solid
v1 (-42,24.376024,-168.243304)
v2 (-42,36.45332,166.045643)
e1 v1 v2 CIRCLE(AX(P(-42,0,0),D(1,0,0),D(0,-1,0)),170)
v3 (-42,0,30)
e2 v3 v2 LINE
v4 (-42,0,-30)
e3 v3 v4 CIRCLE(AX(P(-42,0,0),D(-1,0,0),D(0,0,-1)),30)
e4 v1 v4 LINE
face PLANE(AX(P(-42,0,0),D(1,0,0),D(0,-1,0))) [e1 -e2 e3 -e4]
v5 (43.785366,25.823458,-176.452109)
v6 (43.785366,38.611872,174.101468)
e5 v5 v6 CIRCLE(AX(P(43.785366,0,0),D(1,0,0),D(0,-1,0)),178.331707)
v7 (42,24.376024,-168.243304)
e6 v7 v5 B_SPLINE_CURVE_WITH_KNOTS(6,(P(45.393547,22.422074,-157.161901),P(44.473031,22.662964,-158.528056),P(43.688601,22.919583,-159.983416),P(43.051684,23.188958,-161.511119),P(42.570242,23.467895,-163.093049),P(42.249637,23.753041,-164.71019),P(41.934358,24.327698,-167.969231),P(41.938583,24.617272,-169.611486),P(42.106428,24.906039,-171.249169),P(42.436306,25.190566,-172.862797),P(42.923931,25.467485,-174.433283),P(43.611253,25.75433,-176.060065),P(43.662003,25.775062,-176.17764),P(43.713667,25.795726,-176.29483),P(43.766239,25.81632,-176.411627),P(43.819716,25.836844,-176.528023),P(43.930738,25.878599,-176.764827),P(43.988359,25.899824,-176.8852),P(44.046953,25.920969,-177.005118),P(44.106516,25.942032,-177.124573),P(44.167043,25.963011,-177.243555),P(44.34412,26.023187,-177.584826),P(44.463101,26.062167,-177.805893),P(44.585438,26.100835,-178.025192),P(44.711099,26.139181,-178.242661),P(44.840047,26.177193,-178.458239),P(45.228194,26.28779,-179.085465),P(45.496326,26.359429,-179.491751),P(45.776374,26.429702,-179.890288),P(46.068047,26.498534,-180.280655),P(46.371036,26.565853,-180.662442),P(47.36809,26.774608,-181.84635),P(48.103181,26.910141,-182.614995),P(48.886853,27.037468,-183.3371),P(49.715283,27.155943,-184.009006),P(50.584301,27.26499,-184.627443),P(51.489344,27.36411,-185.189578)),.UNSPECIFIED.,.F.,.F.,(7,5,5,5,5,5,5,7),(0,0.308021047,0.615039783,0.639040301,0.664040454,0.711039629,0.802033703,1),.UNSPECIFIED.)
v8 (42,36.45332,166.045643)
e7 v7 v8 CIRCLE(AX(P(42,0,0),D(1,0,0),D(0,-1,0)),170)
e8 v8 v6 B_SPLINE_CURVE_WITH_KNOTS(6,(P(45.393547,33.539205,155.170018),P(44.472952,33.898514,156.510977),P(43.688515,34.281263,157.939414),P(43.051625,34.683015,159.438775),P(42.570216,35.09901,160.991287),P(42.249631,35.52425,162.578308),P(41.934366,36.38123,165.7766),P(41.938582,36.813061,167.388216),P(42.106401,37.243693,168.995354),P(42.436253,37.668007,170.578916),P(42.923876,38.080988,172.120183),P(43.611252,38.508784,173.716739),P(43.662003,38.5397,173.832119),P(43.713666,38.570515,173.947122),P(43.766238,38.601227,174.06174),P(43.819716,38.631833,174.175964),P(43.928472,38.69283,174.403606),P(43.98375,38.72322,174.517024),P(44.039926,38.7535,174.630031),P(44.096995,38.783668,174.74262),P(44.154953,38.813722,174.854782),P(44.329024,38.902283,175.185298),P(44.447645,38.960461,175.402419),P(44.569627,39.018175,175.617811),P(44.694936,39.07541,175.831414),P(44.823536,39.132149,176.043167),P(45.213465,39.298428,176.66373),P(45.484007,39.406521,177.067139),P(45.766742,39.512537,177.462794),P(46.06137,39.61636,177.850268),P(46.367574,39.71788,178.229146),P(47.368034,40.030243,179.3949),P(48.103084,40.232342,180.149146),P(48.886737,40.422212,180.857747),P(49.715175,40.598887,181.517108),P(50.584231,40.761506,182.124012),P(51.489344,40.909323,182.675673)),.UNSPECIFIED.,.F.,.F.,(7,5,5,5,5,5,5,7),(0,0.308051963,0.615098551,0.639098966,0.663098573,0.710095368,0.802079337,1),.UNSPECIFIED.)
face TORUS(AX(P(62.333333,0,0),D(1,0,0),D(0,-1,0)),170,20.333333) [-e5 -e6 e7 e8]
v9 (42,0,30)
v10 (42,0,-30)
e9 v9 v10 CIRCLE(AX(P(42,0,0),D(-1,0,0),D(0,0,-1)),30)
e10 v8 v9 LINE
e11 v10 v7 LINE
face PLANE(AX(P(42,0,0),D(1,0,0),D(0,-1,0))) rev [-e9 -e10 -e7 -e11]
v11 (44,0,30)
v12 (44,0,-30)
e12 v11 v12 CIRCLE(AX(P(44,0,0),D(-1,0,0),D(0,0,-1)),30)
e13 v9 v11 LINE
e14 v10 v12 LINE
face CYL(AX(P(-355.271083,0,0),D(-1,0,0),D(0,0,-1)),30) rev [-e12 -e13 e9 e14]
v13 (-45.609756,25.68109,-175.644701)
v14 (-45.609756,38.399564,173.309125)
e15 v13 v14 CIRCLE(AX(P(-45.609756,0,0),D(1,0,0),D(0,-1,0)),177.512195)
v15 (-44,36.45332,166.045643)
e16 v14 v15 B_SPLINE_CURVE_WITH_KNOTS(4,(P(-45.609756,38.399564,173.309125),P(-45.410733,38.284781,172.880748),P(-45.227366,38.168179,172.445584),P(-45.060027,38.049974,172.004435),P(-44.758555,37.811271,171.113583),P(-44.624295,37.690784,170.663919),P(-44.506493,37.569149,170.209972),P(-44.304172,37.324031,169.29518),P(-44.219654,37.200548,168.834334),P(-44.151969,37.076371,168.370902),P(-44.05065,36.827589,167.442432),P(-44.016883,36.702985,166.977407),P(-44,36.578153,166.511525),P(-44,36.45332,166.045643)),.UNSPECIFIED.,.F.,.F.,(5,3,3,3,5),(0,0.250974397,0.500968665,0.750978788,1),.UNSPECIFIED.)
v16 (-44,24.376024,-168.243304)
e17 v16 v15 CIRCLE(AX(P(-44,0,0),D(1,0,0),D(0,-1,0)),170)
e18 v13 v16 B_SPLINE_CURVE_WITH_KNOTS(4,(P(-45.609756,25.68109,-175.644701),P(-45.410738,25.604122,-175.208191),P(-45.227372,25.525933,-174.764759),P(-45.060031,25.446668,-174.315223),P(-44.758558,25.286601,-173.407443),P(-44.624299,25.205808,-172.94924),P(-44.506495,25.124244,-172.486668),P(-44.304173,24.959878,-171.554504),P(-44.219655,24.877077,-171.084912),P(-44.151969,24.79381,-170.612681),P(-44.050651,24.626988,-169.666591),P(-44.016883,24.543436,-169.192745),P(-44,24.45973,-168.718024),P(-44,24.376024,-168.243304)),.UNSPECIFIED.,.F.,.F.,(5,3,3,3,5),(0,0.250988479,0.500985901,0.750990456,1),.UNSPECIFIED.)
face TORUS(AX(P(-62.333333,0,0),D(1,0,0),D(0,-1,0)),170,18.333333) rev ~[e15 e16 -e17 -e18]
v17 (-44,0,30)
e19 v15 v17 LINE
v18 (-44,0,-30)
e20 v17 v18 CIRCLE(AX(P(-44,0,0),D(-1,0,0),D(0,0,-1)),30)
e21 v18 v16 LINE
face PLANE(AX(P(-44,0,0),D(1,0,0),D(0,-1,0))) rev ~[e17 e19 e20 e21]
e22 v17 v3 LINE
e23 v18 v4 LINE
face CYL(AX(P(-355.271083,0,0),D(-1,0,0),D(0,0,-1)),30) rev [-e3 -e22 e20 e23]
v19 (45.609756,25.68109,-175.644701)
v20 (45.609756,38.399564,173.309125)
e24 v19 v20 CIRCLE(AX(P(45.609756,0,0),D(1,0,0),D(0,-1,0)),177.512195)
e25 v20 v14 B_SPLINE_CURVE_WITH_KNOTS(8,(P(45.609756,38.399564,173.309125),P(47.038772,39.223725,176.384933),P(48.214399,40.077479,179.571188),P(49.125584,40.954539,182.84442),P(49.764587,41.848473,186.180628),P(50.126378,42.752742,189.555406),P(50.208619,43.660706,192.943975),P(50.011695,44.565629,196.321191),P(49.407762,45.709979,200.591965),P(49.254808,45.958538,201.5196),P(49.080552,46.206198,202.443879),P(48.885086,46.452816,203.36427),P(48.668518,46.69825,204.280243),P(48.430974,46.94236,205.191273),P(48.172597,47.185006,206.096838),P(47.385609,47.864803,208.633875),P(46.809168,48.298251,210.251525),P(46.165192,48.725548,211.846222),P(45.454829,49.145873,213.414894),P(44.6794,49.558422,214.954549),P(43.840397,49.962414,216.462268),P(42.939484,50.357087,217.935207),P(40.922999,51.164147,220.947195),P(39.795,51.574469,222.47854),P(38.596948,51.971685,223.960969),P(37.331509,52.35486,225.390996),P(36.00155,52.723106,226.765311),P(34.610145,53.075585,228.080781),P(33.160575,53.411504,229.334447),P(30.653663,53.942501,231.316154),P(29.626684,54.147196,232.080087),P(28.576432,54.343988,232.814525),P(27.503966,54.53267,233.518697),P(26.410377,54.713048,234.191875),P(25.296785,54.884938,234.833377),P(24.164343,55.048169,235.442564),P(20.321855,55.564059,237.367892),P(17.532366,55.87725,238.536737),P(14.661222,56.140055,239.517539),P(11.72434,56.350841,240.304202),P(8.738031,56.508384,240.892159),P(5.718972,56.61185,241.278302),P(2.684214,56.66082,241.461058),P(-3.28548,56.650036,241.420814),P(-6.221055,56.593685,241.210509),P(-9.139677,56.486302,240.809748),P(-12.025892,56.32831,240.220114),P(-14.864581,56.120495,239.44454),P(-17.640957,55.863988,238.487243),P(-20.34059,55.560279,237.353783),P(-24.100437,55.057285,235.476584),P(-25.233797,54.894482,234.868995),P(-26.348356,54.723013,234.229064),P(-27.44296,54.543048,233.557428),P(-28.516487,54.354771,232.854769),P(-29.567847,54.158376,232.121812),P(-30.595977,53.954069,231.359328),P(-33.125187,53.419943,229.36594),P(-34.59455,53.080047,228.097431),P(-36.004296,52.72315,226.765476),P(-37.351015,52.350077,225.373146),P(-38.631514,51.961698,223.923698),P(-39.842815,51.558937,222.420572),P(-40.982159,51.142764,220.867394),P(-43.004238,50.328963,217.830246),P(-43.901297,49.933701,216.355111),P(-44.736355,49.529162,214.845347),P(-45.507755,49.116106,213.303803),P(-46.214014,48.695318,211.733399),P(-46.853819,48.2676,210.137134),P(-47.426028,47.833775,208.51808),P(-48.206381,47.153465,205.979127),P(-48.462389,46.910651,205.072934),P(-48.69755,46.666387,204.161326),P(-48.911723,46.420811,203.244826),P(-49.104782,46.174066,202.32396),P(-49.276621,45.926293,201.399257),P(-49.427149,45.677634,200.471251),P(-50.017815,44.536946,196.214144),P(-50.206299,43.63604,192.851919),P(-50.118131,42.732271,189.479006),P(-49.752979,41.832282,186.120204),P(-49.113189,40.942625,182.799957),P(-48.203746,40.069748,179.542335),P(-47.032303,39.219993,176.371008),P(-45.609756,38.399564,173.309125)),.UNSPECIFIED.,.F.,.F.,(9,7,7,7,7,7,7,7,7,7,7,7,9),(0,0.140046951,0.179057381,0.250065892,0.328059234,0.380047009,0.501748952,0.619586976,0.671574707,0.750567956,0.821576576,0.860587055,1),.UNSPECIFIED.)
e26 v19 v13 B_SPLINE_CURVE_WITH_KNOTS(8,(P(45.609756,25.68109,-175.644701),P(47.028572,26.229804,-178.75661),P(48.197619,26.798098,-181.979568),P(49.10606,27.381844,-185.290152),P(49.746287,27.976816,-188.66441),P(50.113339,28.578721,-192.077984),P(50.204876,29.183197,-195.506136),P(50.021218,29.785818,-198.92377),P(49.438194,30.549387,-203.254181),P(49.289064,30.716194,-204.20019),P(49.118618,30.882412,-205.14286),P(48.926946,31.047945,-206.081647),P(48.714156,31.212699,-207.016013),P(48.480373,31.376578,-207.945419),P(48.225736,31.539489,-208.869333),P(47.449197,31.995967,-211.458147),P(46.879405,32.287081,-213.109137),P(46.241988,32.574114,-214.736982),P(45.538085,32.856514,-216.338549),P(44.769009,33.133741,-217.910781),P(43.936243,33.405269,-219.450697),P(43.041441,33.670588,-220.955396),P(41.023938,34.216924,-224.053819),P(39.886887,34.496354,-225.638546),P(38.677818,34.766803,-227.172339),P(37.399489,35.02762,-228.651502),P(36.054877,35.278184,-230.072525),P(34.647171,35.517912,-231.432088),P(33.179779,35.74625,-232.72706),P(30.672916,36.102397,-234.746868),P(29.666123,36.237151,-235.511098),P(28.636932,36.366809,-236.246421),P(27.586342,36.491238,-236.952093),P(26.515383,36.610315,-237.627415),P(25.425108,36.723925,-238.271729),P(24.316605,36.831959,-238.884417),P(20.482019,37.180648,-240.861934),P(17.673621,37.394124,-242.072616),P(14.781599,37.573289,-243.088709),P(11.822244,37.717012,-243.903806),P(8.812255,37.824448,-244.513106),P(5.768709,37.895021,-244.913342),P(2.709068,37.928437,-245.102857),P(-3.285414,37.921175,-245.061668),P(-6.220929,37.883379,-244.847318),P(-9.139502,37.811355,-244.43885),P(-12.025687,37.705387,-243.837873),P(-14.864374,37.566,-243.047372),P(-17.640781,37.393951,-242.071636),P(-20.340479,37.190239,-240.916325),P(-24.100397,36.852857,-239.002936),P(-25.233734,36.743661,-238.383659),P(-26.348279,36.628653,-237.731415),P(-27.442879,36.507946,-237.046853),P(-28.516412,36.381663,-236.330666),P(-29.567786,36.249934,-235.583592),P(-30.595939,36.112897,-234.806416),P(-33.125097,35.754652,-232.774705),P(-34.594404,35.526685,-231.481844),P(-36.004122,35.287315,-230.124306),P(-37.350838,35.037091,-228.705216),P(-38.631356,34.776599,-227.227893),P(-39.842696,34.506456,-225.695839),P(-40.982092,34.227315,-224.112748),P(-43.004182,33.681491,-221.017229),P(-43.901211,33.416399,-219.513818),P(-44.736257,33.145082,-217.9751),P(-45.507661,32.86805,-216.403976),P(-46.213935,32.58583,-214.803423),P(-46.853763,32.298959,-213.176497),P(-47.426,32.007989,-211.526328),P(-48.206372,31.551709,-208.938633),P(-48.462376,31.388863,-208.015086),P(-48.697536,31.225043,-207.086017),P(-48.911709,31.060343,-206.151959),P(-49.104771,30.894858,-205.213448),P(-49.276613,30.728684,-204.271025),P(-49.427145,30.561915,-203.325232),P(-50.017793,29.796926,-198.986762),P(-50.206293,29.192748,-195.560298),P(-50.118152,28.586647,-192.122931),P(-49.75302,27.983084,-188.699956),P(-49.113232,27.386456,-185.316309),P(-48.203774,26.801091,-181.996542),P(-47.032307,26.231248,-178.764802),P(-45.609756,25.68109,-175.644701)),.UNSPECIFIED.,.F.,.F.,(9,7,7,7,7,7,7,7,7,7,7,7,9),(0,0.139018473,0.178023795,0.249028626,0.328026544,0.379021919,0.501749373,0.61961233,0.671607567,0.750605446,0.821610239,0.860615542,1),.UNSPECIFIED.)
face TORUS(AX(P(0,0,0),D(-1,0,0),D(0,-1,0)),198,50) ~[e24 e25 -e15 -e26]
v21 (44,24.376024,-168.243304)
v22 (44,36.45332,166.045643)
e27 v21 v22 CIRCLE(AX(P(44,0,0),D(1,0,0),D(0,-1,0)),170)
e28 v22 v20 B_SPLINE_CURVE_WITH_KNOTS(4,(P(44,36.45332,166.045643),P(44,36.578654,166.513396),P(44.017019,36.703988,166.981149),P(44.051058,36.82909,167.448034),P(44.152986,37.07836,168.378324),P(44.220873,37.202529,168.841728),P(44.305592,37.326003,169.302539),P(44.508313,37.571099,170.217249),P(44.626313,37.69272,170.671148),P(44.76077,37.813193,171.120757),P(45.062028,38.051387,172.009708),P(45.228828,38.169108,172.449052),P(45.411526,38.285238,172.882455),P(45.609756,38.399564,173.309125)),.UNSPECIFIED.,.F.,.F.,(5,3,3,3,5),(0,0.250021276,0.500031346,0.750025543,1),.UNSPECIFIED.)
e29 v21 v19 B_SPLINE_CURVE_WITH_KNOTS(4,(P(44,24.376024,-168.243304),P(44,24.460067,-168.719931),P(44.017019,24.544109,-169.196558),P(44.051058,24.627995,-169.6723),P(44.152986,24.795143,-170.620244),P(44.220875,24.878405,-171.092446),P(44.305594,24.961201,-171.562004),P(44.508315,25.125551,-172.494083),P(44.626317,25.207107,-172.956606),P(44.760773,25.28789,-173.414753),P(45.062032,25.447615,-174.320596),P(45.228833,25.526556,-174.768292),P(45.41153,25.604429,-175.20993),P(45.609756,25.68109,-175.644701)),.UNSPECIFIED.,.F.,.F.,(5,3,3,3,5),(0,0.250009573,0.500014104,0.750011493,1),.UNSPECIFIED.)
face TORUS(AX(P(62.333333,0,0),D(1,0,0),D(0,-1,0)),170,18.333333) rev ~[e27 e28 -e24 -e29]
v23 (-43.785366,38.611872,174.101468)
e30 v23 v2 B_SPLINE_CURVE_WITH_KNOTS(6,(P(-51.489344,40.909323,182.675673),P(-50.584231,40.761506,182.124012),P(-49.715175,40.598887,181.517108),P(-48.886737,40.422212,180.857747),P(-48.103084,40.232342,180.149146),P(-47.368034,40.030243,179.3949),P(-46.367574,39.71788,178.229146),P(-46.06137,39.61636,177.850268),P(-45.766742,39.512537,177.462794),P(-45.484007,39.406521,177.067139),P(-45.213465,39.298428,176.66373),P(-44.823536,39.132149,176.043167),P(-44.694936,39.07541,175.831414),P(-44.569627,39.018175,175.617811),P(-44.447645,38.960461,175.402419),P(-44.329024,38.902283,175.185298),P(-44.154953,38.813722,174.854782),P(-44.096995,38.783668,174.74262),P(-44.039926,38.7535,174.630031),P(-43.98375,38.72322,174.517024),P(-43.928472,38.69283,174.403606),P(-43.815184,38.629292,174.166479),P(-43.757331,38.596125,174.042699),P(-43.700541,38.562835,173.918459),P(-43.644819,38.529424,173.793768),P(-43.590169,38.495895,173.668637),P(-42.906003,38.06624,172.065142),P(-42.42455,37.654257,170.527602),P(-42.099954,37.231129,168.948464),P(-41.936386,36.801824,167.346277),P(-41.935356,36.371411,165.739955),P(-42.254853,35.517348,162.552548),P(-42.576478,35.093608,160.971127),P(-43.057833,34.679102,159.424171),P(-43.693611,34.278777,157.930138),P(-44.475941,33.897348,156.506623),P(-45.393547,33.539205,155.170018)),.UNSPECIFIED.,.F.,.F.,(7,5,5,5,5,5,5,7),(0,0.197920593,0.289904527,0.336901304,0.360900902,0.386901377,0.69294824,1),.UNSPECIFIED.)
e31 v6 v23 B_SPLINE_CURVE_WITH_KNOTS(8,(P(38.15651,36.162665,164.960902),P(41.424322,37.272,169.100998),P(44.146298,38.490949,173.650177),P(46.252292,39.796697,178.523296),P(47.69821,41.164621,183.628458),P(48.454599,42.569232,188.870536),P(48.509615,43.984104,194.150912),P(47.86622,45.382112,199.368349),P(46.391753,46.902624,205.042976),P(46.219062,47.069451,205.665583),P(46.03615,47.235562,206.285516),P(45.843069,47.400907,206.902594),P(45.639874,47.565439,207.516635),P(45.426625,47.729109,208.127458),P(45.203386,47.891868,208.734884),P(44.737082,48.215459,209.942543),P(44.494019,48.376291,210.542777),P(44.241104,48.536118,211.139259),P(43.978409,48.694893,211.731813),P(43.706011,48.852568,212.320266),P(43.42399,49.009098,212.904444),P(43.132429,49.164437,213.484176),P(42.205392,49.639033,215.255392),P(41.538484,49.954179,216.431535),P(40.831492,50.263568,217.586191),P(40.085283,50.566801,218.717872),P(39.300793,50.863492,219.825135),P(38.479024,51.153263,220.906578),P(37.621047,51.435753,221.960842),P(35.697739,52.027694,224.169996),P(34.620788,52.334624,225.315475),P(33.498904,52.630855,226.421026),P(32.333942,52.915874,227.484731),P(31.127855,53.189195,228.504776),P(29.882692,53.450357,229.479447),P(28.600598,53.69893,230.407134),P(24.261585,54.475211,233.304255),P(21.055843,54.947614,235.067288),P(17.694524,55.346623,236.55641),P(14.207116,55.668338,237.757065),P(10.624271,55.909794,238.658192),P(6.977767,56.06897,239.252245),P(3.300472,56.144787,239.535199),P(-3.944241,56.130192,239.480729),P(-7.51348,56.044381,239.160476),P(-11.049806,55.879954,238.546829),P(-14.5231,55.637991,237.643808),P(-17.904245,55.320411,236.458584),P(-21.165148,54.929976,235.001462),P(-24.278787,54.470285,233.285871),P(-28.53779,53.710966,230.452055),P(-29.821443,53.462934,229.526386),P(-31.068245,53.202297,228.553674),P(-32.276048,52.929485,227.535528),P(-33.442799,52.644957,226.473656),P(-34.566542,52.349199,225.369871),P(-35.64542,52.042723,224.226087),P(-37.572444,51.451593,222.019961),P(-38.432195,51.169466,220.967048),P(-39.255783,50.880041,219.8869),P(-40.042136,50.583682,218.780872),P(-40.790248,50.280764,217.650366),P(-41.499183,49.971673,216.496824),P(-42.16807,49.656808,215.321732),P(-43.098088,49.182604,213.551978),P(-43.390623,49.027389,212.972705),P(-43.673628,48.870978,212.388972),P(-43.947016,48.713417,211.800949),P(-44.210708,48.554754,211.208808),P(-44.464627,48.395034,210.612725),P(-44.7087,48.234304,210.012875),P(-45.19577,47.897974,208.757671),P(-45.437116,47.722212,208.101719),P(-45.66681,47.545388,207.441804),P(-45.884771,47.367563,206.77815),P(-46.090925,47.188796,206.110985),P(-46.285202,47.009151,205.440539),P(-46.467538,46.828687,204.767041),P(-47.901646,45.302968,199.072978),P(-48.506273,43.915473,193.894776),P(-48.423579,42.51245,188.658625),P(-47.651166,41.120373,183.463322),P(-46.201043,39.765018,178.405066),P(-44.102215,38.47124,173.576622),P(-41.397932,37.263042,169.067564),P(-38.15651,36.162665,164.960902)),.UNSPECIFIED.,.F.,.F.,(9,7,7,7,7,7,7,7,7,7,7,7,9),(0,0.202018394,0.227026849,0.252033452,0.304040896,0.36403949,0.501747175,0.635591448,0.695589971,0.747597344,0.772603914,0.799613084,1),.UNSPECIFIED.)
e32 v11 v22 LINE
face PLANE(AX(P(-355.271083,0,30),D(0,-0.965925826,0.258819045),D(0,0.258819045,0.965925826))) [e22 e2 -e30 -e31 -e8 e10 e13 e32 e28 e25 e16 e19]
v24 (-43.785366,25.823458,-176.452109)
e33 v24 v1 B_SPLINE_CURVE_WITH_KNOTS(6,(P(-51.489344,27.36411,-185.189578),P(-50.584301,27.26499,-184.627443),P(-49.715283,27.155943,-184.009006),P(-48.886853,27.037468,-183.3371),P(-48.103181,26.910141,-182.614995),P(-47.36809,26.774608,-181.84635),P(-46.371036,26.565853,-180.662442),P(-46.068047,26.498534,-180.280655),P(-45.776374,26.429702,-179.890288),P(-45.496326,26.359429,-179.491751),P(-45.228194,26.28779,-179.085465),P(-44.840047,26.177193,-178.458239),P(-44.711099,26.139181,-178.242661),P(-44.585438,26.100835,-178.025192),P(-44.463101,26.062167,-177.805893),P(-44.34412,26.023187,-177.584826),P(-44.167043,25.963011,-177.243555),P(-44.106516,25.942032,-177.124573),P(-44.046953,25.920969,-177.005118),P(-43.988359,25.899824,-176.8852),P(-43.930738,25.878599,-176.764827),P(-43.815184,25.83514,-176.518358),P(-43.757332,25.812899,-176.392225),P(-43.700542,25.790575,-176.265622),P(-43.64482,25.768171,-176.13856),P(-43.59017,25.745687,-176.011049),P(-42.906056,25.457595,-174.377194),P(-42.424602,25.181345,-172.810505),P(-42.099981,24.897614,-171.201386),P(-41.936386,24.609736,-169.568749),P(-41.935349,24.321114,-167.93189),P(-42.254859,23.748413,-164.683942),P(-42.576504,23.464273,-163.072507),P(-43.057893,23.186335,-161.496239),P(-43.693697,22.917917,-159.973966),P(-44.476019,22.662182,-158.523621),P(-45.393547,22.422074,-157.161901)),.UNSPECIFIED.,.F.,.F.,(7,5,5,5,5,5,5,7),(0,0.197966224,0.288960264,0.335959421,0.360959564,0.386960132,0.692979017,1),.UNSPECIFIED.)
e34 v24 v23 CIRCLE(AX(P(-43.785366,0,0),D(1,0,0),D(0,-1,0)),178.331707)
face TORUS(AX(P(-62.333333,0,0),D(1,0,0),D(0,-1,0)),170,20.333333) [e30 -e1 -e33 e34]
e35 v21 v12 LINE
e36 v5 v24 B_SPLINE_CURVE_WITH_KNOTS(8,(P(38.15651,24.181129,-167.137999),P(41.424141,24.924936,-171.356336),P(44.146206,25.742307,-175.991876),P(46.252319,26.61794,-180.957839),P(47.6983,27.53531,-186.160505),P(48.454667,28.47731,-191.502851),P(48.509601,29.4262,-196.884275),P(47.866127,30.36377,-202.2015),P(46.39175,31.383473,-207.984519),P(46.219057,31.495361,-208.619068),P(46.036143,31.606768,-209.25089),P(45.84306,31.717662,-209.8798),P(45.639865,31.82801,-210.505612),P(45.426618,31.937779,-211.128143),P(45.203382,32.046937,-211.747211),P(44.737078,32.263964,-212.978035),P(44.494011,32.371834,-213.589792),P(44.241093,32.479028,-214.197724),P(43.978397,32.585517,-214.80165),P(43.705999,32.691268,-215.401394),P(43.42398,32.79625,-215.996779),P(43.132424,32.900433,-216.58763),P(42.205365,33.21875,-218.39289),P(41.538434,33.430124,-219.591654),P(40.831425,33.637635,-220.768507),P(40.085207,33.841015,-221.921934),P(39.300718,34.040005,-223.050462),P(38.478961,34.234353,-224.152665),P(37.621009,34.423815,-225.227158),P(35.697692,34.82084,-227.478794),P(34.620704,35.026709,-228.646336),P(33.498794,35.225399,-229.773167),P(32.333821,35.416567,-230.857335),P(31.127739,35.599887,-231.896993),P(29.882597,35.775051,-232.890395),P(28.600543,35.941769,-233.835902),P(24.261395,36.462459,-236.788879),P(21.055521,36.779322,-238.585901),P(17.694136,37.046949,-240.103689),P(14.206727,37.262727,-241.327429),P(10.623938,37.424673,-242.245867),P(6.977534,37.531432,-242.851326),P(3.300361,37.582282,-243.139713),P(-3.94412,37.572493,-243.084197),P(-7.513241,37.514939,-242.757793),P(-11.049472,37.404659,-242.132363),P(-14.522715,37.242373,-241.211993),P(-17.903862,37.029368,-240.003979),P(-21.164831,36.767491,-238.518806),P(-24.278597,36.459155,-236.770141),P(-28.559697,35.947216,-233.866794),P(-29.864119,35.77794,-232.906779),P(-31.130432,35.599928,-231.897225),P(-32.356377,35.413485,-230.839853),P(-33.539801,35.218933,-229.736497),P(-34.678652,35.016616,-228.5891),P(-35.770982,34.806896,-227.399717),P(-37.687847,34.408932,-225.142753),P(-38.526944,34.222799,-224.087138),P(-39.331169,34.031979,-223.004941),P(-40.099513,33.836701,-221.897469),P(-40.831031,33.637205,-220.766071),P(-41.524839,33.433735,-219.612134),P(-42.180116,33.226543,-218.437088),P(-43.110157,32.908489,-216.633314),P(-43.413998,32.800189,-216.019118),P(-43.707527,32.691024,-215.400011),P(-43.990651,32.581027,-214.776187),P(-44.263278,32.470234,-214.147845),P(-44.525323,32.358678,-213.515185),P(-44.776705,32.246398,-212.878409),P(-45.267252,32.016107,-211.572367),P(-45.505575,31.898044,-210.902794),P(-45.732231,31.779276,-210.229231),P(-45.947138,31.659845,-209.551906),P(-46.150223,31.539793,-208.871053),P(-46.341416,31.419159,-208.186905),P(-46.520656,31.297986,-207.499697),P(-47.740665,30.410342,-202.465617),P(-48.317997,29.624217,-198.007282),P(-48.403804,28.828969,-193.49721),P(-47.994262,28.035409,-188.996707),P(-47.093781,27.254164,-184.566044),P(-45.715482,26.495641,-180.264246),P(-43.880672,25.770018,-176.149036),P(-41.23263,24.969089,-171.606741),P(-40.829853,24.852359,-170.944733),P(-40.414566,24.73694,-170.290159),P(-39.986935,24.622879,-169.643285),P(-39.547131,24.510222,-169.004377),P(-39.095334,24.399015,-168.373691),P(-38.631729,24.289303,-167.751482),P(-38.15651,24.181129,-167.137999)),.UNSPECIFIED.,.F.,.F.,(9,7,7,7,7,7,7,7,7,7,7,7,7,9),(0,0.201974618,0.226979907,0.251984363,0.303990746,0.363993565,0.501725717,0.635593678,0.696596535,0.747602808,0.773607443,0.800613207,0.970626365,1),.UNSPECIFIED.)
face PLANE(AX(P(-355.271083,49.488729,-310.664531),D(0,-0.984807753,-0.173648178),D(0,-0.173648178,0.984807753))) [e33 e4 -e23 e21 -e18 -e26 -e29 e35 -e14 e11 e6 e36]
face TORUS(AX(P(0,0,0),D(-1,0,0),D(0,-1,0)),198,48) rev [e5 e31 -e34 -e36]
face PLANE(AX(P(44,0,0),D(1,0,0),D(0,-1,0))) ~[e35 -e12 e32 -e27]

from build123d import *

# Parameters (mm, degrees)
CUT_EXTRUDE1_DEPTH      = 355.271082801
CUT_EXTRUDE1_DEPTH_BACK = 355.271082801
SHELL1_T                = -2


with BuildPart() as part:
    # Sketch1 → Revolve1 (revolve)
    with BuildSketch(Plane.XY, mode=Mode.PRIVATE) as revolve1_sk:
        with BuildLine():
            Line((-44, 0), (44, 0))
            Line((44, 0), (44, 170))
            ThreePointArc((44, 170), (44.406955742, 173.841366627), (45.609756098, 177.512195122))
            ThreePointArc((45.609756098, 177.512195122), (0, 248), (-45.609756098, 177.512195122))
            ThreePointArc((-45.609756098, 177.512195122), (-44.406955742, 173.841366627), (-44, 170))
            Line((-44, 170), (-44, 0))
        make_face()
    revolve(revolve1_sk.sketch.rotate(Axis((-44, 0, 0), (1, 0, 0)), 180), axis=Axis((-44, 0, 0), (1, 0, 0)))

    # Sketch2 → Cut-Extrude1 (cut, two sides: drawn at the far end of the back side and taken through both)
    with BuildSketch(Plane(origin=(0, 0, 0), x_dir=(0, 0, -1), z_dir=(1, 0, 0)).offset(-CUT_EXTRUDE1_DEPTH_BACK)):
        with BuildLine():
            Line((-30, 0), (-289.335468676, 69.4887294))
            Line((-289.335468676, 69.4887294), (-289.335468676, -330.5112706))
            Line((-289.335468676, -330.5112706), (310.664531324, -330.5112706))
            Line((310.664531324, -330.5112706), (310.664531324, 49.4887294))
            Line((310.664531324, 49.4887294), (30, 0))
            ThreePointArc((30, 0), (0, 30), (-30, 0))
        make_face()
    extrude(amount=CUT_EXTRUDE1_DEPTH + CUT_EXTRUDE1_DEPTH_BACK, mode=Mode.SUBTRACT)

    # Shell1
    shell1_openings = [part.faces().sort_by_distance(p)[0] for p in [
        (1.12e-07, 18.550551002, -135.20540264),
        (-1.736e-06, 27.714135748, 133.430562698),
        (0, 30, 0),
    ]]
    offset(amount=SHELL1_T, openings=shell1_openings, kind=Kind.INTERSECTION)


solid = part.part
